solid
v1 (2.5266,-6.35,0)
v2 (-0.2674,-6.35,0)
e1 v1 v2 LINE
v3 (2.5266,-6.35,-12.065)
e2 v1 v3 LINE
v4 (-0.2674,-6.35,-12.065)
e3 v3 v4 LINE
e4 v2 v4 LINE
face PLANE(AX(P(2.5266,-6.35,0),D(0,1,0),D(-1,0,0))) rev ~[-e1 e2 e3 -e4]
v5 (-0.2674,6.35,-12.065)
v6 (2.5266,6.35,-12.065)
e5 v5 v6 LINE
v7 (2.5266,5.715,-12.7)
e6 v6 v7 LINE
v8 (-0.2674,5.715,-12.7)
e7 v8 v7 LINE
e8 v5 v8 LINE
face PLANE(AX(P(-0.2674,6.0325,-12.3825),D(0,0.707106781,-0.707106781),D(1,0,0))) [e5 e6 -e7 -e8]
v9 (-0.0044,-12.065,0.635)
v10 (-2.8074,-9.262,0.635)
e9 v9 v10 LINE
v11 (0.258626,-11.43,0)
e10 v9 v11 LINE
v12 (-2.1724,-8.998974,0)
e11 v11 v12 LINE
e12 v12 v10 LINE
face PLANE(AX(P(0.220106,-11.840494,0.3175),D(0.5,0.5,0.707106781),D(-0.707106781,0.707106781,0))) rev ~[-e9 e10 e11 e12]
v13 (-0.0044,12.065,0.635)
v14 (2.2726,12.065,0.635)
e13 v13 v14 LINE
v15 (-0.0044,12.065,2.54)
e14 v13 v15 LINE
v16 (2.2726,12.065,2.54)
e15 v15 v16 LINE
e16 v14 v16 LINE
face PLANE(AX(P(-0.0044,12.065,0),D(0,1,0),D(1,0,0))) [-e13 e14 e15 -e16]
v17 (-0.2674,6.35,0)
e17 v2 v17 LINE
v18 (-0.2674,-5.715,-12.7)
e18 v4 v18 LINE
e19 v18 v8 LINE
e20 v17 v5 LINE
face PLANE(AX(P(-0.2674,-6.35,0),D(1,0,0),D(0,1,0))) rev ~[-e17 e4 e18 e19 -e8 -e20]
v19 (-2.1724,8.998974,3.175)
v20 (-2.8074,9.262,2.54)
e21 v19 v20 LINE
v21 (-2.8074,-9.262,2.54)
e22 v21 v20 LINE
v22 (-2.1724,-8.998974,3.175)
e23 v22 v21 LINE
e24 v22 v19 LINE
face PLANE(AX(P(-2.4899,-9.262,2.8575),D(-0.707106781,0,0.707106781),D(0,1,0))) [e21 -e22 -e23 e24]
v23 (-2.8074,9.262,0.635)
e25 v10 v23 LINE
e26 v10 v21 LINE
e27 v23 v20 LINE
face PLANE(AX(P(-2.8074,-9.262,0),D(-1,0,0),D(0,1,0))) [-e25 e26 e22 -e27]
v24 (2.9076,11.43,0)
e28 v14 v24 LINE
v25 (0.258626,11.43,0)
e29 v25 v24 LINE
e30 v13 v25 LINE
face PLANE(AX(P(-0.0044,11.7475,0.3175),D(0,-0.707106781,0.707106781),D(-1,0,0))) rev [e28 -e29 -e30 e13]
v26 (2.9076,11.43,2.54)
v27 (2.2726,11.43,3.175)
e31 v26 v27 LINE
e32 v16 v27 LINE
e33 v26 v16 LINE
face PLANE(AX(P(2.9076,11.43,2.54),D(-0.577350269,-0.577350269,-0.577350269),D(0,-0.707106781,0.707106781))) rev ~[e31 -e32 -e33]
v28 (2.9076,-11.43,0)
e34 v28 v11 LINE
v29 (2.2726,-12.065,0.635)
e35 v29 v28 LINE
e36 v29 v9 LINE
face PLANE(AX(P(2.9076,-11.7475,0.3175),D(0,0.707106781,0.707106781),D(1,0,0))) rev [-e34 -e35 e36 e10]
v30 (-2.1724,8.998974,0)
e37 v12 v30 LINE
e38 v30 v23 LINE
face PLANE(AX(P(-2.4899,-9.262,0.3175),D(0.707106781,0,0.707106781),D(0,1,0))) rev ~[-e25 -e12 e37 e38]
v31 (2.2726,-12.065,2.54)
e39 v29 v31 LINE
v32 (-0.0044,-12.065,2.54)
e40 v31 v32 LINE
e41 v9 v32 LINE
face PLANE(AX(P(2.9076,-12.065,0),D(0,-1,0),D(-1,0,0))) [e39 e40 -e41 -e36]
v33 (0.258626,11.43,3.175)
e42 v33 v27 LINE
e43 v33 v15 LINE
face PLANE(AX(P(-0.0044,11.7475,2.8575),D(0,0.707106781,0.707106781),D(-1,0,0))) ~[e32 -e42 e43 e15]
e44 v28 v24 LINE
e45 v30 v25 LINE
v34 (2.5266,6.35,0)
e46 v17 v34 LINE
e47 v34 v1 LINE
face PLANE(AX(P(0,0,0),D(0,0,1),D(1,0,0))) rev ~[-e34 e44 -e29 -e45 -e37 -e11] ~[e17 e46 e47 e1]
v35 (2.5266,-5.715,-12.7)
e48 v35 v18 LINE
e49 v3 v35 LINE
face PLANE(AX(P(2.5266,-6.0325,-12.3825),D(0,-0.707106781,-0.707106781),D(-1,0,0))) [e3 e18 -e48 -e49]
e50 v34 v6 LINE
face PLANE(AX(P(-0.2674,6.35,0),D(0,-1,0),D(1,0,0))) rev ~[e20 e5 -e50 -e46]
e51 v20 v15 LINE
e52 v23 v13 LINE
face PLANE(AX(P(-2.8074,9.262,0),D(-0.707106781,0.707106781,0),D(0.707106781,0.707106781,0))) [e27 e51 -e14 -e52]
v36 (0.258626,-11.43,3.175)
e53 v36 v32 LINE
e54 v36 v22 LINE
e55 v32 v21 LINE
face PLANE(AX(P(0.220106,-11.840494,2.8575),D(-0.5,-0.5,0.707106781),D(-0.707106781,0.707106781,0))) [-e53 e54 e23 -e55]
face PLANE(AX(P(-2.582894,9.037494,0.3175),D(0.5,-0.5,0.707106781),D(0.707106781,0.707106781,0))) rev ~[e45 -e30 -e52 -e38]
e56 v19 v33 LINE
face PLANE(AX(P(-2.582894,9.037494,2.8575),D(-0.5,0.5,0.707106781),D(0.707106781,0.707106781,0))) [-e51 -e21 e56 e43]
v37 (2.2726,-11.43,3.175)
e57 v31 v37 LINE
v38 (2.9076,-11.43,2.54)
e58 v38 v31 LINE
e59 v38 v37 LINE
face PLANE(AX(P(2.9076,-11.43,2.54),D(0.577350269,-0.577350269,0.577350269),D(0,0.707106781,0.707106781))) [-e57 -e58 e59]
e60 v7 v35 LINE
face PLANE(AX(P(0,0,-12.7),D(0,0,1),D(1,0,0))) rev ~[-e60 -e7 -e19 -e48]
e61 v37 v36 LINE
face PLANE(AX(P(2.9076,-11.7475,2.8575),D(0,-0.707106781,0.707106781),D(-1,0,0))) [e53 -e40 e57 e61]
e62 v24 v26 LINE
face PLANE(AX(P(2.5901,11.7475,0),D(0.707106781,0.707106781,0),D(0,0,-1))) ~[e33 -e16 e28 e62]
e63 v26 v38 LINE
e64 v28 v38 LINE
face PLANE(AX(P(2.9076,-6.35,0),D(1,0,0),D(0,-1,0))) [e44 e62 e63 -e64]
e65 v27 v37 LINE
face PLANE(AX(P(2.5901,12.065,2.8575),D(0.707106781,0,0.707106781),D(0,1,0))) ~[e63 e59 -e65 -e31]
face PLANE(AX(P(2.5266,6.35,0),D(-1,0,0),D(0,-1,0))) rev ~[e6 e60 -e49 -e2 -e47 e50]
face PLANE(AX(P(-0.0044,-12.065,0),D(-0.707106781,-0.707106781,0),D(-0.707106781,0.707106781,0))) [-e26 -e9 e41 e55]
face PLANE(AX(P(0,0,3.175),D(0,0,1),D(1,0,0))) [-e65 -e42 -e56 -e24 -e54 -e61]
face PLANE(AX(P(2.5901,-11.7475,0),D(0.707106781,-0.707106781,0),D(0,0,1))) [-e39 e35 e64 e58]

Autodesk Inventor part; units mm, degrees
ref_plane "YZ Plane" through (0, 0, 0) normal (1, 0, 0) x (0, 1, 0)
ref_plane "Work Plane1" through (0, 0, 0) normal (0, 0, 1) x (1, 0, 0)
sketch "Sketch1" plane through (0, 0, 0) normal (0, 0, 1) x (1, 0, 0)
  line L0 (-0.2674, 6.35) -> (2.5266, 6.35)
  line L1 (2.5266, 6.35) -> (2.5266, -6.35)
  line L2 (2.9076, -6.35) -> (-0.2674, -6.35)
  line L3 (-0.2674, -6.35) -> (-0.2674, 6.35)
  line L4 (2.5266, -6.35) -> (-0.2674, -6.35)
  line L5 (-0.2674, -6.35) -> (-0.2674, 6.35)
  line L6 (-0.2674, 6.35) -> (2.5266, 6.35)
  line L7 (2.5266, 6.35) -> (2.5266, -6.35)
  point P0 (0, 0)
  dimension "d0" = 2.794
  dimension "d1" = 12.7
extrude "Extrusion1" add sketch "Sketch1" against normal blind 12.7
ref_plane "Work Plane2" through (0, 0, 0) normal (0, 0, 1) x (1, 0, 0)
sketch "Sketch2" plane through (0, 0, 0) normal (0, 0, 1) x (1, 0, 0)
  line L0 (2.9076, -6.35) -> (-0.2674, -6.35) projected
  line L1 (-0.2674, -6.35) -> (-0.2674, 6.35) projected
  line L2 (-0.2674, 6.35) -> (2.9076, 6.35) projected
  line L3 (2.9076, 10.3713) -> (2.9076, 6.35) projected
  line L4 (2.9076, -6.35) -> (2.9076, -10.3713) projected
  line L5 (-0.2674, 6.35) -> (-0.2674, -6.35) projected
  line L6 (-0.2674, -6.35) -> (2.5266, -6.35) projected
  line L7 (2.5266, -6.35) -> (2.5266, 6.35) projected
  line L8 (2.5266, 6.35) -> (-0.2674, 6.35) projected
  line L9 (-0.2674, 6.35) -> (2.9076, 6.35)
  line L10 (2.9076, 6.35) -> (2.9076, -6.35)
  line L11 (2.9076, -6.35) -> (-0.2674, -6.35)
  line L12 (-0.2674, -6.35) -> (-0.2674, 6.35)
  line L13 (6.0826, -12.065) -> (-0.0044, -12.065) projected
  line L14 (-0.0044, 12.065) -> (6.0826, 12.065) projected
  line L15 (-2.8074, 9.262) -> (-0.0044, 12.065) projected
  line L16 (-2.8074, -9.262) -> (-2.8074, 9.262) projected
  line L17 (-0.0044, -12.065) -> (-2.8074, -9.262) projected
  line L18 (6.0826, -12.065) -> (6.0826, -10.3713) construction
  line L19 (2.9076, -10.3713) -> (6.0826, -10.3713) projected
  line L20 (6.0826, 10.3713) -> (2.9076, 10.3713) projected
  line L21 (6.0826, 10.3713) -> (6.0826, 12.065) construction
  line L22 (2.9076, -10.3713) -> (2.9076, -12.065)
  line L23 (2.9076, 10.3713) -> (2.9076, 12.065)
  point P0 (0, 0)
extrude "Extrusion2" add sketch "Sketch2" along normal blind 3.175
chamfer "Chamfer1" distance 0.635 angle 45 15 edges at (-1.4059, 10.6635, 3.175) (1.4516, 12.065, 3.175) (-2.8074, 0, 3.175) (-1.4059, -10.6635, 3.175) (1.4516, -12.065, 3.175) (1.4516, 12.065, 0) (1.4516, -12.065, 0) (-1.4059, -10.6635, 0) (-2.8074, 0, 0) (-1.4059, 10.6635, 0) (2.9076, 12.065, 1.5875) (2.9076, -12.065, 1.5875) (2.9076, 0, 3.175) (1.1296, 6.35, -12.7) (1.1296, -6.35, -12.7)
properties part number "3114a_Coil Sleeve Lock_V1" material "Acetal Resin, White"
